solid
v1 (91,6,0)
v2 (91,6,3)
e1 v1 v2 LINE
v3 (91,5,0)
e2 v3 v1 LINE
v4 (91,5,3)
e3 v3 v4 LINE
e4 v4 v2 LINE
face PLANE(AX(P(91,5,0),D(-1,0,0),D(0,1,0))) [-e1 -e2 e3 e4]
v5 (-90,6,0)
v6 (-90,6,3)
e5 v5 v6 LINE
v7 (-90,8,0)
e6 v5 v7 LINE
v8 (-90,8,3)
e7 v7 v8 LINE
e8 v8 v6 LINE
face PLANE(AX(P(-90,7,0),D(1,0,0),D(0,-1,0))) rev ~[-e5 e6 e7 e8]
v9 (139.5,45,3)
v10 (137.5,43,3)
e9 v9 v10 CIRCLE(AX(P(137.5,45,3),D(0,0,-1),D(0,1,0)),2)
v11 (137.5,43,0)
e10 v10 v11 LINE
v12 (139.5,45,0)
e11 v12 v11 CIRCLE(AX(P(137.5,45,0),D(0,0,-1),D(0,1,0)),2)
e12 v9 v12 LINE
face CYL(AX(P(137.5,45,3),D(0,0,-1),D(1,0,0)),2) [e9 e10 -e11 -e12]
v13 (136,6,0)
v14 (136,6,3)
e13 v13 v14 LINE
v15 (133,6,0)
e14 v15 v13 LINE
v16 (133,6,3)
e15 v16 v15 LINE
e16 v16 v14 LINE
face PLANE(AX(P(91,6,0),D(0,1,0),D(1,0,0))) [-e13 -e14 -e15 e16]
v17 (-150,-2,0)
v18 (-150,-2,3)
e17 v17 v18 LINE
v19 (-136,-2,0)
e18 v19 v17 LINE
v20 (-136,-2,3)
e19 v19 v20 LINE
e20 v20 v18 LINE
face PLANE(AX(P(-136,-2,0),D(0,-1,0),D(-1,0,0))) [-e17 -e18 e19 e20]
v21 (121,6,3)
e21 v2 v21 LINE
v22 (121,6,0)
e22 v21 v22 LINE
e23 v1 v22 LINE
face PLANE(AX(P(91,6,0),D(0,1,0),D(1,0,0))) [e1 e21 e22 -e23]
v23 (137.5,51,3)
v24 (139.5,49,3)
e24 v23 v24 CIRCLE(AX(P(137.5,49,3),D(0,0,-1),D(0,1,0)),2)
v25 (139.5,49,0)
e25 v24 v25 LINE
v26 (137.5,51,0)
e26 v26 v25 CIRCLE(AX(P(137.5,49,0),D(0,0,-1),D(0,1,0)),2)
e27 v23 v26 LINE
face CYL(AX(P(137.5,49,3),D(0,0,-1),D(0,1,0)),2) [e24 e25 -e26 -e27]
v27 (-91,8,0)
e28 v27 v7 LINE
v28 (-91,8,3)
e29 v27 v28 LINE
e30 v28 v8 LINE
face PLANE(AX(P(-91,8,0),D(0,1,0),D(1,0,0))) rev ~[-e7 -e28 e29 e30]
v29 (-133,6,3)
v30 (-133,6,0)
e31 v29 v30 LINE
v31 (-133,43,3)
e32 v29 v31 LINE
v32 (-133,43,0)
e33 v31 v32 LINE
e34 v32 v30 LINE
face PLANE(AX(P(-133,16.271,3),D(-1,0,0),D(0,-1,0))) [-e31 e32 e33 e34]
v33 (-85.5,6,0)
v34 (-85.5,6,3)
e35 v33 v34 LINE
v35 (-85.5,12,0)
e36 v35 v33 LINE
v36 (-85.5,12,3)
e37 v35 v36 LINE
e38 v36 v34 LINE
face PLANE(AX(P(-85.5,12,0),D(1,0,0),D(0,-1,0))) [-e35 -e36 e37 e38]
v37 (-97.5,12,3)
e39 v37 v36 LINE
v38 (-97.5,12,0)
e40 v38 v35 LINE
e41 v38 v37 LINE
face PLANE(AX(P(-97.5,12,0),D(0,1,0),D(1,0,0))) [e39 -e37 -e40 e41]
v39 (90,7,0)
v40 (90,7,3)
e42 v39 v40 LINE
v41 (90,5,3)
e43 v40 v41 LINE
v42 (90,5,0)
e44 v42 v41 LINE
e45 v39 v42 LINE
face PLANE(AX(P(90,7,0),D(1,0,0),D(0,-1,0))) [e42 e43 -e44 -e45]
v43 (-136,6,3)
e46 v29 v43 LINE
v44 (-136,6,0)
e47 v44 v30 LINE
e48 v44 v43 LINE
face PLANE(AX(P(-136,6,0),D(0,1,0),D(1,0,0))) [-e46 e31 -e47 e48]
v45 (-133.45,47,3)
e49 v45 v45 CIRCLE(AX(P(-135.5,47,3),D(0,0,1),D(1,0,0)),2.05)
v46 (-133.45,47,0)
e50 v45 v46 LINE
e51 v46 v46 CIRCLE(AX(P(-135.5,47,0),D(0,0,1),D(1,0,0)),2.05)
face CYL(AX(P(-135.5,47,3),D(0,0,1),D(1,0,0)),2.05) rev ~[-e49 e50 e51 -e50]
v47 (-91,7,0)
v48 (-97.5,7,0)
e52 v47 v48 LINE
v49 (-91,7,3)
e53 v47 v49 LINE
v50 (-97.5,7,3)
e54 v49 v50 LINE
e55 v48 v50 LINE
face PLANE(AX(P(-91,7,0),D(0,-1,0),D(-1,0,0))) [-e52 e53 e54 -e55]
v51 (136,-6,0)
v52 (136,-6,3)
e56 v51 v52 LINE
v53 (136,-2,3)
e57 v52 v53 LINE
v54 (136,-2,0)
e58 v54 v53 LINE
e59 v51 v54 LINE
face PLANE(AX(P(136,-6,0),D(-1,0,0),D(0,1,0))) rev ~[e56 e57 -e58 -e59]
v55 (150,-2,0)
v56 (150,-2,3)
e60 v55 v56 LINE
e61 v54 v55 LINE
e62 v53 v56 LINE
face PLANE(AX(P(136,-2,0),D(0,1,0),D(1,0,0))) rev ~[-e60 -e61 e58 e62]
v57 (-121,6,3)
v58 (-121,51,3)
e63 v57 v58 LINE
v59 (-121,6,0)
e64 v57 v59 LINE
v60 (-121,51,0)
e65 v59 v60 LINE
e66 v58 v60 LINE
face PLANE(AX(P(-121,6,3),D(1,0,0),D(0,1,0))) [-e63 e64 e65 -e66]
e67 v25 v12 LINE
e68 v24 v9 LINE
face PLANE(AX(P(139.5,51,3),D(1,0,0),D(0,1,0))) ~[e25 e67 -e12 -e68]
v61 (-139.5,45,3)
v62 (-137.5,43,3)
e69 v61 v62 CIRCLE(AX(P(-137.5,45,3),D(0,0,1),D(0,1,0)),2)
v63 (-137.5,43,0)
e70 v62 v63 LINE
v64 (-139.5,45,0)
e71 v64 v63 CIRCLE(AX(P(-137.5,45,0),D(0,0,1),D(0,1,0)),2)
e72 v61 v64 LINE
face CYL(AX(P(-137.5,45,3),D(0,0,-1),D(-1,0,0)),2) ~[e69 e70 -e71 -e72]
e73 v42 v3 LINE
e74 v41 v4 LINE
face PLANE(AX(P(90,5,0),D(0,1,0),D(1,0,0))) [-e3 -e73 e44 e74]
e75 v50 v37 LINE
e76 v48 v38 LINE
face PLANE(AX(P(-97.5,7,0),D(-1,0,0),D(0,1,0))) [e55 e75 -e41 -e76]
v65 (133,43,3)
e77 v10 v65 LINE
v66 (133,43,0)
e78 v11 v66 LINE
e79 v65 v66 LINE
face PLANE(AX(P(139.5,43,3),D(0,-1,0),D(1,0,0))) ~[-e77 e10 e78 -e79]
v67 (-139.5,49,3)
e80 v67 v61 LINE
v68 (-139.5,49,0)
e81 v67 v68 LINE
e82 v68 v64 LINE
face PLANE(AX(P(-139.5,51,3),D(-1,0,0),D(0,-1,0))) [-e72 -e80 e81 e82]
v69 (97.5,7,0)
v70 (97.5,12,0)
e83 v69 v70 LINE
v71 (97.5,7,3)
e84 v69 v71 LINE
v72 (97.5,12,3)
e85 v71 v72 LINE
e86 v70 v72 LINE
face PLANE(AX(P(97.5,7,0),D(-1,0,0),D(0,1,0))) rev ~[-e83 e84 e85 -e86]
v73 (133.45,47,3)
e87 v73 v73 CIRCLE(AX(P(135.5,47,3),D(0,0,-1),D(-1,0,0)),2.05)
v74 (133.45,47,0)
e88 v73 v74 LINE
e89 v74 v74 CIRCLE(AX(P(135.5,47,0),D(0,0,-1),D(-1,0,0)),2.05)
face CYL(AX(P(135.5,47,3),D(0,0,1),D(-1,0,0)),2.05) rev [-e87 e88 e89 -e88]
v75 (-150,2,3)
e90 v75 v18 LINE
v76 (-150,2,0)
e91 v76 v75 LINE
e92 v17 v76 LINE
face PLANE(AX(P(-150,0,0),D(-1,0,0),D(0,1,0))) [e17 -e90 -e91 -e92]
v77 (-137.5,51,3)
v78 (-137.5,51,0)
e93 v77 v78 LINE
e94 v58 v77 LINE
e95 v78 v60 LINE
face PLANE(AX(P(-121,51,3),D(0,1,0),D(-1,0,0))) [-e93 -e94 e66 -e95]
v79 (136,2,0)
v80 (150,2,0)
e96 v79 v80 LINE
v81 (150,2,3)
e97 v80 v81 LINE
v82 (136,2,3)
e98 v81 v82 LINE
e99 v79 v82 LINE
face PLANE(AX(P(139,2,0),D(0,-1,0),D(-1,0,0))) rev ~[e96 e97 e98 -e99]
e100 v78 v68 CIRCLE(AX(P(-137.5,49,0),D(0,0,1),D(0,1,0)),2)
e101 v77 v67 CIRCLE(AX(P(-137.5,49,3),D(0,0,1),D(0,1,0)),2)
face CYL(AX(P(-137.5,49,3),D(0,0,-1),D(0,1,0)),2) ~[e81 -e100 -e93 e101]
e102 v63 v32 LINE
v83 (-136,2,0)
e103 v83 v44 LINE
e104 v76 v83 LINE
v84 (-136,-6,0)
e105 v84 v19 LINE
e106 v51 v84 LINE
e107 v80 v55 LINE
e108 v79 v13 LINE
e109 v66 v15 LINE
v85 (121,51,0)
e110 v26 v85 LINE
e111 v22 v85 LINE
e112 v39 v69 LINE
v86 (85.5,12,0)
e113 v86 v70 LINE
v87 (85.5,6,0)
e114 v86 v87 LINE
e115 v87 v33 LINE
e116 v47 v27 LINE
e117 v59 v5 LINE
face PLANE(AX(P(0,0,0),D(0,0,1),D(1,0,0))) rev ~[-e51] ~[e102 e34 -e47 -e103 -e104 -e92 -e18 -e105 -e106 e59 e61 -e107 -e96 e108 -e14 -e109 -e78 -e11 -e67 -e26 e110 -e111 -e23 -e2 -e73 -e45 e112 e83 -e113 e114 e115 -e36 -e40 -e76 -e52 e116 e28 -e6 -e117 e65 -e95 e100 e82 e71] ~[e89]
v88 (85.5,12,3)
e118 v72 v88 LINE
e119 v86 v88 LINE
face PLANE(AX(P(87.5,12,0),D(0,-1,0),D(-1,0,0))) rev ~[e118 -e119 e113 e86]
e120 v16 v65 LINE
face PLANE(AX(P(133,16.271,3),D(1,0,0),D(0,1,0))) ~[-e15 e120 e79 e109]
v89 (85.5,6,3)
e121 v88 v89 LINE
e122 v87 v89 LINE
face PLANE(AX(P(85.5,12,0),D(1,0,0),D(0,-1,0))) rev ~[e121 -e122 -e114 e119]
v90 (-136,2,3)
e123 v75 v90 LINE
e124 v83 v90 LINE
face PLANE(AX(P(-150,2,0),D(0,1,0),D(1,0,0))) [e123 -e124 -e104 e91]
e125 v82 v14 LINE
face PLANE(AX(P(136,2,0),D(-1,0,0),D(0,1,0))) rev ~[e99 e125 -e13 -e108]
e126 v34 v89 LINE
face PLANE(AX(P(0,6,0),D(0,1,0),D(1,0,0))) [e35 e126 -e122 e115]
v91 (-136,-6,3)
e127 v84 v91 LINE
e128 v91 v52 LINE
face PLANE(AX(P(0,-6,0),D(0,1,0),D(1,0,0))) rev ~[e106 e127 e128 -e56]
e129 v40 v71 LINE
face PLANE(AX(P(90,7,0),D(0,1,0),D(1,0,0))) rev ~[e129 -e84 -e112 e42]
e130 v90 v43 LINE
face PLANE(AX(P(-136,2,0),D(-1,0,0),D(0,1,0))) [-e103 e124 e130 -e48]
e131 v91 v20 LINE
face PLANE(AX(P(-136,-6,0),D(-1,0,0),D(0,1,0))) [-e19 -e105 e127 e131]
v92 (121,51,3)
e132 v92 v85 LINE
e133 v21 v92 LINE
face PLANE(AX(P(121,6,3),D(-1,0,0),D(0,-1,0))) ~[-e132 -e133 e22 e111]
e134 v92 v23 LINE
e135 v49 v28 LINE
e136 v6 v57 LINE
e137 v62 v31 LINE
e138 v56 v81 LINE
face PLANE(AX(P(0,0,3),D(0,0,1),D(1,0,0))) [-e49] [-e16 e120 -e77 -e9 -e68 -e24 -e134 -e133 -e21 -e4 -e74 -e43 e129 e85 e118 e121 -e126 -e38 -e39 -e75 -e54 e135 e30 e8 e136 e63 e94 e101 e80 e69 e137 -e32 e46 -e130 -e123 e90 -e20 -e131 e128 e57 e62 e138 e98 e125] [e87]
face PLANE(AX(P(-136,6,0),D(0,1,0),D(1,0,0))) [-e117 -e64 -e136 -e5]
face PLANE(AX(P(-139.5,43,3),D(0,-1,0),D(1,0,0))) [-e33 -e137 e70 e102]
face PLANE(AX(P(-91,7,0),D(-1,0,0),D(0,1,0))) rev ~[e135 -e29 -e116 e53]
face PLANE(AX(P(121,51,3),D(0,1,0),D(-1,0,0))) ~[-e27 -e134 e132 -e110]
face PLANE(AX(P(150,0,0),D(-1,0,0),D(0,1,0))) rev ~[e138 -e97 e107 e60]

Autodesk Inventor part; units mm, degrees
ref_plane "YZ Plane" through (0, 0, 0) normal (1, 0, 0) x (0, 1, 0)
ref_plane "XY Plane" through (0, 0, 0) normal (0, 0, 1) x (1, 0, 0)
sketch "草圖1" plane through (0, 0, 0) normal (0, 0, 1) x (1, 0, 0)
  line L0 (0, 6) -> (0, -6)
  line L1 (0, -6) -> (-136, -6)
  line L2 (-136, -6) -> (-136, 6)
  line L3 (-150, 2) -> (-136, 2)
  line L4 (-136, 2) -> (-136, -2)
  line L5 (-136, -2) -> (-150, -2)
  line L6 (-150, -2) -> (-150, 2)
  line L7 (-210, 0) -> (210, 0) projected
  line L8 (0, -17.4828) -> (0, 62.8971) projected
  line L9 (0, -6) -> (136, -6)
  line L10 (136, -6) -> (136, 6)
  line L11 (150, 2) -> (136, 2)
  line L12 (136, -2) -> (150, -2)
  line L13 (150, -2) -> (150, 2)
  line L14 (136, -6) -> (136, -2)
  line L15 (145, 2) -> (139, 2)
  line L16 (-97.5, 7) -> (-97.5, 12)
  line L17 (-91, 7) -> (-97.5, 7)
  line L18 (97.5, 7) -> (97.5, 12)
  line L19 (97.5, 12) -> (87.5, 12)
  line L20 (90, 7) -> (97.5, 7)
  line L21 (90, 7) -> (90, 5)
  line L22 (90, 5) -> (91, 5)
  line L23 (91, 5) -> (91, 6)
  line L24 (-136, 6) -> (-91, 6)
  line L25 (-85.5, 6) -> (85.5, 6)
  line L26 (91, 6) -> (136, 6)
  line L27 (-85.5, 12) -> (-85.5, 6)
  line L28 (87.5, 12) -> (85.5, 12)
  line L29 (85.5, 12) -> (85.5, 6)
  line L30 (-97.5, 12) -> (-85.5, 12)
  line L31 (-91, 7) -> (-91, 8)
  line L32 (-91, 8) -> (-90, 8)
  line L33 (-90, 8) -> (-90, 7)
  line L34 (-90, 7) -> (-90, 6)
  line L35 (-91, 6) -> (-90, 6)
  point P0 (0, 0)
  point P1 (-136, 2)
  point P2 (136, -6)
  point P3 (136, -2)
  dimension "d2" = 4
  dimension "d14" = 2
  dimension "d17" = 12
  dimension "d57" = 14
  dimension "d58" = 300
  dimension "d62" = 2
  dimension "d63" = 85.5
  dimension "d64" = 85.5
  dimension "d65" = 12
  dimension "d66" = 5
  dimension "d67" = 6
  dimension "d68" = 6.5
  dimension "d69" = 136
  dimension "d70" = 14
  dimension "d71" = 136
  dimension "d72" = 272
extrude "擠出1" add sketch "草圖1" along normal blind 3
ref_plane "工作平面1" through (0, 0, 1.5) normal (0, 0, 1) x (1, 0, 0)
sketch "草圖7" plane through (0, 0, 0) normal (0, 0, -1) x (-1, 0, 0)
  line L0 (-210, 0) -> (210, 0) projected
  circle A0 centre (129.5, 0) radius 12.5
  line L1 (150, -2) -> (136, -2) projected
  line L2 (142, -2) -> (142, 2)
  line L3 (136, 2) -> (150, 2) projected
  line L4 (150, 2) -> (150, -2) projected
  circle A1 centre (129.5, 0) radius 2.05
  line L5 (136, 6) -> (136, 2) projected
  point P0 (0, 0)
  dimension "d36" = 25
  dimension "d38" = 4.1
  dimension "d73" = 6
extrude "擠出5" cut sketch "草圖7" against normal up to surface (3 mm away) contours A1 L0 | L0 A1
sketch "草圖8" plane through (0, 0, 3) normal (0, 0, 1) x (1, 0, 0)
  line L0 (-90, 6) -> (-136, 6) projected
  line L1 (-133, 6) -> (-121, 6)
  line L2 (-121, 6) -> (-121, 51)
  line L3 (-121, 51) -> (-136, 51)
  line L4 (-133, 43) -> (-133, 6)
  line L5 (-136, 6) -> (-136, 2) projected
  line L6 (-136, 51) -> (-139.5, 51)
  line L7 (-139.5, 51) -> (-139.5, 43)
  line L8 (-139.5, 43) -> (-133, 43)
  circle A0 centre (-135.5, 47) radius 2.05
  circle A1 centre (-129.5, 0) radius 2.05 projected
  circle A2 centre (-135.5, 47) radius 6.5 construction
  line L9 (-136, 2) -> (-150, 2) projected
  line L10 (-150, 2) -> (-150, 58.0765) construction
  line L11 (-150, 58.0765) -> (-142, 58.0765) construction
  line L12 (-142, 58.0765) -> (-142, 42.2693) construction
  line L13 (-137.3204, 6) -> (-133, 6)
  line L14 (-133, 6) -> (-133, 16.271)
  circle A3 centre (-129.5, 16.6771) radius 2.05
  circle A4 centre (-129.5, 16.6771) radius 12.5 construction
  point P0 (0, 0)
  point P1 (-91, 6)
  dimension "d55" = 25
  dimension "d41" = 3
  dimension "d42" = 15
  dimension "d43" = 45
  dimension "d45" = 8
  dimension "d50" = 13
  dimension "d51" = 47
  dimension "d52" = 6.5
  dimension "d74" = 6
extrude "擠出6" add sketch "草圖8" against normal up to surface (3 mm away) contours L0 L4 L8 L7 L6 L3 L2 | A1 | A3
fillet "圓角2" radius 2 2 edges at (-139.5, 51, 1.5) (-139.5, 43, 1.5)
mirror "鏡射6" about plane through (0, 0, 0) normal (1, 0, 0) of "擠出5", "擠出6", "圓角2"
properties part number "rod_2" material "密集板"
